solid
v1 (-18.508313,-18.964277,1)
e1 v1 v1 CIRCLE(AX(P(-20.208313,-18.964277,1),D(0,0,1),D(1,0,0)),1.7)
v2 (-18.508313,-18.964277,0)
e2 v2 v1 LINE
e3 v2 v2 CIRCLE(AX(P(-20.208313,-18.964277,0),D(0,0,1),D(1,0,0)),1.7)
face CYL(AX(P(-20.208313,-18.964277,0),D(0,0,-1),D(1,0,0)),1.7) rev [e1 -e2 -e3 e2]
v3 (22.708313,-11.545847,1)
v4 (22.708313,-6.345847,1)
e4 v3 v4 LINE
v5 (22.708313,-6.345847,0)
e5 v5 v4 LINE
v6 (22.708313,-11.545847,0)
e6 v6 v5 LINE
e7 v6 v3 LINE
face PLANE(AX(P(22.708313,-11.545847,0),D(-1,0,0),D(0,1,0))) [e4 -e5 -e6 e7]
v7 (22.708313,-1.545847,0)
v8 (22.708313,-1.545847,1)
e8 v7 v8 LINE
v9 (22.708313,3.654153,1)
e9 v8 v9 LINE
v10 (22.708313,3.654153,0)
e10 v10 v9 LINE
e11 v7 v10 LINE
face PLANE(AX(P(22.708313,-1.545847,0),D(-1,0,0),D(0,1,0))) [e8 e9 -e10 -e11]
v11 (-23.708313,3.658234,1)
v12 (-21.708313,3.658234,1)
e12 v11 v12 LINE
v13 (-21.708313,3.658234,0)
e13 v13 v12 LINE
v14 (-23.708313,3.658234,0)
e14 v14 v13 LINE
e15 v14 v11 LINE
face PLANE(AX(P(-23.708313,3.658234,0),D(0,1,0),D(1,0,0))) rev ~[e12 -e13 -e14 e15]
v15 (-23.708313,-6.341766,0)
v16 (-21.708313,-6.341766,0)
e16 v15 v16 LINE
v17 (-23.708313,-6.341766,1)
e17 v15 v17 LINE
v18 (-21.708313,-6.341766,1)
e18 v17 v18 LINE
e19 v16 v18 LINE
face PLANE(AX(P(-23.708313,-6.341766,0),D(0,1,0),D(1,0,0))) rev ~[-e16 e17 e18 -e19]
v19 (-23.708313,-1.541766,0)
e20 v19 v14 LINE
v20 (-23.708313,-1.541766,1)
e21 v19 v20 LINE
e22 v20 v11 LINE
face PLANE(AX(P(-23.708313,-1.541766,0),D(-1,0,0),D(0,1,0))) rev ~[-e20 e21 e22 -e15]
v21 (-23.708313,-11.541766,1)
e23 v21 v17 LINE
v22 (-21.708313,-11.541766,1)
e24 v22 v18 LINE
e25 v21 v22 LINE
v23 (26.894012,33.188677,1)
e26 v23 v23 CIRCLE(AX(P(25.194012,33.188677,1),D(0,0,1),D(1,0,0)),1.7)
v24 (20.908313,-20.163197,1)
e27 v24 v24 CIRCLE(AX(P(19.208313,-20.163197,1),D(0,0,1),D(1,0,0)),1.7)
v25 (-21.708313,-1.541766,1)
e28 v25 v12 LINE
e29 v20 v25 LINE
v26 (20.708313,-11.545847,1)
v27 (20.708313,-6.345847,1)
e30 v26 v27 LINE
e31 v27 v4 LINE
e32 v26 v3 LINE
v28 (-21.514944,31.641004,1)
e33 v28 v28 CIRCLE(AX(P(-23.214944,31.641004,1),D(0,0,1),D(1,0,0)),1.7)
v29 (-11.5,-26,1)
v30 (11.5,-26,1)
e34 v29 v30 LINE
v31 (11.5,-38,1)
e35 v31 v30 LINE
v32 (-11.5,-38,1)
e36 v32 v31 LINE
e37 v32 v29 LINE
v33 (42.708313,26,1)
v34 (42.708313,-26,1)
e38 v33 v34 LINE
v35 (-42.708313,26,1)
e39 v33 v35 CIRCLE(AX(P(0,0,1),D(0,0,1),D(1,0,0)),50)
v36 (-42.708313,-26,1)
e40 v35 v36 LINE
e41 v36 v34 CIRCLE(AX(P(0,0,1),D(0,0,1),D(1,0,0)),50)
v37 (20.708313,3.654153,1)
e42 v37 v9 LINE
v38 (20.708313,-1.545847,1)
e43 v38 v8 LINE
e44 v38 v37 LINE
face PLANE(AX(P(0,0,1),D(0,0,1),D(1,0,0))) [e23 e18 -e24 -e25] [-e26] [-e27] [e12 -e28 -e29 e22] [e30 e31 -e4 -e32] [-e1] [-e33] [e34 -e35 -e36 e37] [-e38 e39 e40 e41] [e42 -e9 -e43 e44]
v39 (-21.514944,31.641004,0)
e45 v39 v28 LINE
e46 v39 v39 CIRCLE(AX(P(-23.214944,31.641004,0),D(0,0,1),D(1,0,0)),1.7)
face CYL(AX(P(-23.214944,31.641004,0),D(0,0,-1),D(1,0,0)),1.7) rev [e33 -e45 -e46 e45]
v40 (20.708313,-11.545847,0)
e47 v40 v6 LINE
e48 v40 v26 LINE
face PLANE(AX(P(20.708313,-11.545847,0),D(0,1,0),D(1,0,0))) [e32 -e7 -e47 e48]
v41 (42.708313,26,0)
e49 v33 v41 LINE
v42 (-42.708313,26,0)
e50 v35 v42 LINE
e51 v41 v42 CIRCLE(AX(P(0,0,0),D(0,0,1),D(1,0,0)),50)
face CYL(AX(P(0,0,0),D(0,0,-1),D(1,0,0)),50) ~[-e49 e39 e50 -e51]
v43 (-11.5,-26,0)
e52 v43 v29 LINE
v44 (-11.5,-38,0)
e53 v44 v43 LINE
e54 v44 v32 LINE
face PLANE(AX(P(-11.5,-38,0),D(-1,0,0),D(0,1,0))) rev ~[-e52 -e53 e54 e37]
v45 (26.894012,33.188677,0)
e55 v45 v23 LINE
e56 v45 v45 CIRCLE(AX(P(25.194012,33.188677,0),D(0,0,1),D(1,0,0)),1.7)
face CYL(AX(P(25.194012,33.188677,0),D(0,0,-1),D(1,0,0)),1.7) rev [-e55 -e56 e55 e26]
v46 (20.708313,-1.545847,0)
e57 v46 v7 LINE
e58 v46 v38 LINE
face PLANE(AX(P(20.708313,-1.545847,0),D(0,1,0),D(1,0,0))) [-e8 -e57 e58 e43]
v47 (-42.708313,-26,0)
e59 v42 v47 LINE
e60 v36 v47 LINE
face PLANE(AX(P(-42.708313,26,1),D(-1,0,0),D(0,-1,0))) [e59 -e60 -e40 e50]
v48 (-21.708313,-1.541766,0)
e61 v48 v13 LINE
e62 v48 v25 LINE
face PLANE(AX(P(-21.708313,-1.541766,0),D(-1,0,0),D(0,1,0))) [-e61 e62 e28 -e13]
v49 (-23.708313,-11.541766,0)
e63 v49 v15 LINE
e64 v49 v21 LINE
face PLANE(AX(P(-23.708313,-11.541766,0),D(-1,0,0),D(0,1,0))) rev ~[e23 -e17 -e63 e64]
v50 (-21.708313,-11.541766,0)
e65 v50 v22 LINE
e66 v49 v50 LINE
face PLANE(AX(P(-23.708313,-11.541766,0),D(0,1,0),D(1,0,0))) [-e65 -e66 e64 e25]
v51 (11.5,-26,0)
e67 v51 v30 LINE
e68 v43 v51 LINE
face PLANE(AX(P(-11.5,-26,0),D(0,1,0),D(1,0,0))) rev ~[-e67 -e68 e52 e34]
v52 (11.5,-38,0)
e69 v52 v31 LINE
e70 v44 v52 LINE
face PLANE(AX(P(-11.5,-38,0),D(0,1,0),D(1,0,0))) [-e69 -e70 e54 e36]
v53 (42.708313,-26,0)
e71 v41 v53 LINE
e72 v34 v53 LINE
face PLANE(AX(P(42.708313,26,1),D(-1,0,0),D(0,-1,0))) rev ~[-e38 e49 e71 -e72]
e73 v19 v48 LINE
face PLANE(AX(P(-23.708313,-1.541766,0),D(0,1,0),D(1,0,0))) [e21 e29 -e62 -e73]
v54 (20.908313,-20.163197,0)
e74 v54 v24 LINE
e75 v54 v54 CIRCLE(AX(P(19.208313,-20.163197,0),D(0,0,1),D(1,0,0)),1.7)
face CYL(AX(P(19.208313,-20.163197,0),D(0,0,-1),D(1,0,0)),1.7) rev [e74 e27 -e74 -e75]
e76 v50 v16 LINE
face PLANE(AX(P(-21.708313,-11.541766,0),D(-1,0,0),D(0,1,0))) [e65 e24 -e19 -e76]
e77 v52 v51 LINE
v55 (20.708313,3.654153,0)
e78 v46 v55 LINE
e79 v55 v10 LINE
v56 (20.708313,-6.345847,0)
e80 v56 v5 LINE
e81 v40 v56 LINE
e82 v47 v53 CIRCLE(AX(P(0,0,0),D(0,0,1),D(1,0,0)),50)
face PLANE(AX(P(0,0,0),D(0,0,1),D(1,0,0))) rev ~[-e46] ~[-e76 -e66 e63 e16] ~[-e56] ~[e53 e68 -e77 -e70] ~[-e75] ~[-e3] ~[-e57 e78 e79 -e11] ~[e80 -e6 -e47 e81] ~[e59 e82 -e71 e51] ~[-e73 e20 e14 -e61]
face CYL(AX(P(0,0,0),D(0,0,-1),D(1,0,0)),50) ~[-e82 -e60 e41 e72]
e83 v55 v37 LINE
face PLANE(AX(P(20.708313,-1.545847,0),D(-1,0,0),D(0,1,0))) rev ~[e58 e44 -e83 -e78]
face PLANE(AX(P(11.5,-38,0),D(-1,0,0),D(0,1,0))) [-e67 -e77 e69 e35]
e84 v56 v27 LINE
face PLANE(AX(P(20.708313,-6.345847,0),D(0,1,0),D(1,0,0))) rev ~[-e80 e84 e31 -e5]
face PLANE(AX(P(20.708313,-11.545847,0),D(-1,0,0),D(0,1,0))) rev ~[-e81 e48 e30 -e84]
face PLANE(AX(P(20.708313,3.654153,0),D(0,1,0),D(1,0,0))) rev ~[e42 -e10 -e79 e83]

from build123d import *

# Parameters (mm, degrees)
SKETCH_R     = 50
SKETCH_R_2   = 1.7
SKETCH_W     = 23
SKETCH_H     = 12
SKETCH_W_2   = 2
SKETCH_H_2   = 5.2
PAD_DEPTH    = 1
POCKET_DEPTH = 1.001


with BuildPart() as part:
    # Sketch → Pad (new body)
    with BuildSketch(Plane.XY):
        Circle(SKETCH_R)
        with Locations((-20.208313, -18.964277)):
            Circle(SKETCH_R_2, mode=Mode.SUBTRACT)
        with Locations((19.208313, -20.163197)):
            Circle(SKETCH_R_2, mode=Mode.SUBTRACT)
        with Locations((-23.214944, 31.641004)):
            Circle(SKETCH_R_2, mode=Mode.SUBTRACT)
        with Locations((25.194012, 33.188677)):
            Circle(SKETCH_R_2, mode=Mode.SUBTRACT)
        with Locations((0, -32)):
            Rectangle(SKETCH_W, SKETCH_H, mode=Mode.SUBTRACT)
        with Locations((21.708313, 1.054153)):
            Rectangle(SKETCH_W_2, SKETCH_H_2, mode=Mode.SUBTRACT)
        with Locations((21.708313, -8.945847)):
            Rectangle(SKETCH_W_2, SKETCH_H_2, mode=Mode.SUBTRACT)
        with Locations((-22.708313, -8.941766)):
            Rectangle(SKETCH_W_2, SKETCH_H_2, mode=Mode.SUBTRACT)
        with Locations((-22.708313, 1.058234)):
            Rectangle(SKETCH_W_2, SKETCH_H_2, mode=Mode.SUBTRACT)
    extrude(amount=PAD_DEPTH)

    # Sketch001 (on Face27 of Pad) → Pocket (cut, through all)
    with BuildSketch(Plane.XY.offset(1)):
        with BuildLine():
            Line((-42.708313, 26), (-42.708313, -26))
            ThreePointArc((-42.708313, 26), (-68.708313, 0), (-42.708313, -26))
        make_face()
        with BuildLine():
            Line((42.708313, 26), (42.708313, -26))
            ThreePointArc((42.708313, -26), (68.708313, 0), (42.708313, 26))
        make_face()
    extrude(amount=-POCKET_DEPTH, mode=Mode.SUBTRACT)


solid = part.part
